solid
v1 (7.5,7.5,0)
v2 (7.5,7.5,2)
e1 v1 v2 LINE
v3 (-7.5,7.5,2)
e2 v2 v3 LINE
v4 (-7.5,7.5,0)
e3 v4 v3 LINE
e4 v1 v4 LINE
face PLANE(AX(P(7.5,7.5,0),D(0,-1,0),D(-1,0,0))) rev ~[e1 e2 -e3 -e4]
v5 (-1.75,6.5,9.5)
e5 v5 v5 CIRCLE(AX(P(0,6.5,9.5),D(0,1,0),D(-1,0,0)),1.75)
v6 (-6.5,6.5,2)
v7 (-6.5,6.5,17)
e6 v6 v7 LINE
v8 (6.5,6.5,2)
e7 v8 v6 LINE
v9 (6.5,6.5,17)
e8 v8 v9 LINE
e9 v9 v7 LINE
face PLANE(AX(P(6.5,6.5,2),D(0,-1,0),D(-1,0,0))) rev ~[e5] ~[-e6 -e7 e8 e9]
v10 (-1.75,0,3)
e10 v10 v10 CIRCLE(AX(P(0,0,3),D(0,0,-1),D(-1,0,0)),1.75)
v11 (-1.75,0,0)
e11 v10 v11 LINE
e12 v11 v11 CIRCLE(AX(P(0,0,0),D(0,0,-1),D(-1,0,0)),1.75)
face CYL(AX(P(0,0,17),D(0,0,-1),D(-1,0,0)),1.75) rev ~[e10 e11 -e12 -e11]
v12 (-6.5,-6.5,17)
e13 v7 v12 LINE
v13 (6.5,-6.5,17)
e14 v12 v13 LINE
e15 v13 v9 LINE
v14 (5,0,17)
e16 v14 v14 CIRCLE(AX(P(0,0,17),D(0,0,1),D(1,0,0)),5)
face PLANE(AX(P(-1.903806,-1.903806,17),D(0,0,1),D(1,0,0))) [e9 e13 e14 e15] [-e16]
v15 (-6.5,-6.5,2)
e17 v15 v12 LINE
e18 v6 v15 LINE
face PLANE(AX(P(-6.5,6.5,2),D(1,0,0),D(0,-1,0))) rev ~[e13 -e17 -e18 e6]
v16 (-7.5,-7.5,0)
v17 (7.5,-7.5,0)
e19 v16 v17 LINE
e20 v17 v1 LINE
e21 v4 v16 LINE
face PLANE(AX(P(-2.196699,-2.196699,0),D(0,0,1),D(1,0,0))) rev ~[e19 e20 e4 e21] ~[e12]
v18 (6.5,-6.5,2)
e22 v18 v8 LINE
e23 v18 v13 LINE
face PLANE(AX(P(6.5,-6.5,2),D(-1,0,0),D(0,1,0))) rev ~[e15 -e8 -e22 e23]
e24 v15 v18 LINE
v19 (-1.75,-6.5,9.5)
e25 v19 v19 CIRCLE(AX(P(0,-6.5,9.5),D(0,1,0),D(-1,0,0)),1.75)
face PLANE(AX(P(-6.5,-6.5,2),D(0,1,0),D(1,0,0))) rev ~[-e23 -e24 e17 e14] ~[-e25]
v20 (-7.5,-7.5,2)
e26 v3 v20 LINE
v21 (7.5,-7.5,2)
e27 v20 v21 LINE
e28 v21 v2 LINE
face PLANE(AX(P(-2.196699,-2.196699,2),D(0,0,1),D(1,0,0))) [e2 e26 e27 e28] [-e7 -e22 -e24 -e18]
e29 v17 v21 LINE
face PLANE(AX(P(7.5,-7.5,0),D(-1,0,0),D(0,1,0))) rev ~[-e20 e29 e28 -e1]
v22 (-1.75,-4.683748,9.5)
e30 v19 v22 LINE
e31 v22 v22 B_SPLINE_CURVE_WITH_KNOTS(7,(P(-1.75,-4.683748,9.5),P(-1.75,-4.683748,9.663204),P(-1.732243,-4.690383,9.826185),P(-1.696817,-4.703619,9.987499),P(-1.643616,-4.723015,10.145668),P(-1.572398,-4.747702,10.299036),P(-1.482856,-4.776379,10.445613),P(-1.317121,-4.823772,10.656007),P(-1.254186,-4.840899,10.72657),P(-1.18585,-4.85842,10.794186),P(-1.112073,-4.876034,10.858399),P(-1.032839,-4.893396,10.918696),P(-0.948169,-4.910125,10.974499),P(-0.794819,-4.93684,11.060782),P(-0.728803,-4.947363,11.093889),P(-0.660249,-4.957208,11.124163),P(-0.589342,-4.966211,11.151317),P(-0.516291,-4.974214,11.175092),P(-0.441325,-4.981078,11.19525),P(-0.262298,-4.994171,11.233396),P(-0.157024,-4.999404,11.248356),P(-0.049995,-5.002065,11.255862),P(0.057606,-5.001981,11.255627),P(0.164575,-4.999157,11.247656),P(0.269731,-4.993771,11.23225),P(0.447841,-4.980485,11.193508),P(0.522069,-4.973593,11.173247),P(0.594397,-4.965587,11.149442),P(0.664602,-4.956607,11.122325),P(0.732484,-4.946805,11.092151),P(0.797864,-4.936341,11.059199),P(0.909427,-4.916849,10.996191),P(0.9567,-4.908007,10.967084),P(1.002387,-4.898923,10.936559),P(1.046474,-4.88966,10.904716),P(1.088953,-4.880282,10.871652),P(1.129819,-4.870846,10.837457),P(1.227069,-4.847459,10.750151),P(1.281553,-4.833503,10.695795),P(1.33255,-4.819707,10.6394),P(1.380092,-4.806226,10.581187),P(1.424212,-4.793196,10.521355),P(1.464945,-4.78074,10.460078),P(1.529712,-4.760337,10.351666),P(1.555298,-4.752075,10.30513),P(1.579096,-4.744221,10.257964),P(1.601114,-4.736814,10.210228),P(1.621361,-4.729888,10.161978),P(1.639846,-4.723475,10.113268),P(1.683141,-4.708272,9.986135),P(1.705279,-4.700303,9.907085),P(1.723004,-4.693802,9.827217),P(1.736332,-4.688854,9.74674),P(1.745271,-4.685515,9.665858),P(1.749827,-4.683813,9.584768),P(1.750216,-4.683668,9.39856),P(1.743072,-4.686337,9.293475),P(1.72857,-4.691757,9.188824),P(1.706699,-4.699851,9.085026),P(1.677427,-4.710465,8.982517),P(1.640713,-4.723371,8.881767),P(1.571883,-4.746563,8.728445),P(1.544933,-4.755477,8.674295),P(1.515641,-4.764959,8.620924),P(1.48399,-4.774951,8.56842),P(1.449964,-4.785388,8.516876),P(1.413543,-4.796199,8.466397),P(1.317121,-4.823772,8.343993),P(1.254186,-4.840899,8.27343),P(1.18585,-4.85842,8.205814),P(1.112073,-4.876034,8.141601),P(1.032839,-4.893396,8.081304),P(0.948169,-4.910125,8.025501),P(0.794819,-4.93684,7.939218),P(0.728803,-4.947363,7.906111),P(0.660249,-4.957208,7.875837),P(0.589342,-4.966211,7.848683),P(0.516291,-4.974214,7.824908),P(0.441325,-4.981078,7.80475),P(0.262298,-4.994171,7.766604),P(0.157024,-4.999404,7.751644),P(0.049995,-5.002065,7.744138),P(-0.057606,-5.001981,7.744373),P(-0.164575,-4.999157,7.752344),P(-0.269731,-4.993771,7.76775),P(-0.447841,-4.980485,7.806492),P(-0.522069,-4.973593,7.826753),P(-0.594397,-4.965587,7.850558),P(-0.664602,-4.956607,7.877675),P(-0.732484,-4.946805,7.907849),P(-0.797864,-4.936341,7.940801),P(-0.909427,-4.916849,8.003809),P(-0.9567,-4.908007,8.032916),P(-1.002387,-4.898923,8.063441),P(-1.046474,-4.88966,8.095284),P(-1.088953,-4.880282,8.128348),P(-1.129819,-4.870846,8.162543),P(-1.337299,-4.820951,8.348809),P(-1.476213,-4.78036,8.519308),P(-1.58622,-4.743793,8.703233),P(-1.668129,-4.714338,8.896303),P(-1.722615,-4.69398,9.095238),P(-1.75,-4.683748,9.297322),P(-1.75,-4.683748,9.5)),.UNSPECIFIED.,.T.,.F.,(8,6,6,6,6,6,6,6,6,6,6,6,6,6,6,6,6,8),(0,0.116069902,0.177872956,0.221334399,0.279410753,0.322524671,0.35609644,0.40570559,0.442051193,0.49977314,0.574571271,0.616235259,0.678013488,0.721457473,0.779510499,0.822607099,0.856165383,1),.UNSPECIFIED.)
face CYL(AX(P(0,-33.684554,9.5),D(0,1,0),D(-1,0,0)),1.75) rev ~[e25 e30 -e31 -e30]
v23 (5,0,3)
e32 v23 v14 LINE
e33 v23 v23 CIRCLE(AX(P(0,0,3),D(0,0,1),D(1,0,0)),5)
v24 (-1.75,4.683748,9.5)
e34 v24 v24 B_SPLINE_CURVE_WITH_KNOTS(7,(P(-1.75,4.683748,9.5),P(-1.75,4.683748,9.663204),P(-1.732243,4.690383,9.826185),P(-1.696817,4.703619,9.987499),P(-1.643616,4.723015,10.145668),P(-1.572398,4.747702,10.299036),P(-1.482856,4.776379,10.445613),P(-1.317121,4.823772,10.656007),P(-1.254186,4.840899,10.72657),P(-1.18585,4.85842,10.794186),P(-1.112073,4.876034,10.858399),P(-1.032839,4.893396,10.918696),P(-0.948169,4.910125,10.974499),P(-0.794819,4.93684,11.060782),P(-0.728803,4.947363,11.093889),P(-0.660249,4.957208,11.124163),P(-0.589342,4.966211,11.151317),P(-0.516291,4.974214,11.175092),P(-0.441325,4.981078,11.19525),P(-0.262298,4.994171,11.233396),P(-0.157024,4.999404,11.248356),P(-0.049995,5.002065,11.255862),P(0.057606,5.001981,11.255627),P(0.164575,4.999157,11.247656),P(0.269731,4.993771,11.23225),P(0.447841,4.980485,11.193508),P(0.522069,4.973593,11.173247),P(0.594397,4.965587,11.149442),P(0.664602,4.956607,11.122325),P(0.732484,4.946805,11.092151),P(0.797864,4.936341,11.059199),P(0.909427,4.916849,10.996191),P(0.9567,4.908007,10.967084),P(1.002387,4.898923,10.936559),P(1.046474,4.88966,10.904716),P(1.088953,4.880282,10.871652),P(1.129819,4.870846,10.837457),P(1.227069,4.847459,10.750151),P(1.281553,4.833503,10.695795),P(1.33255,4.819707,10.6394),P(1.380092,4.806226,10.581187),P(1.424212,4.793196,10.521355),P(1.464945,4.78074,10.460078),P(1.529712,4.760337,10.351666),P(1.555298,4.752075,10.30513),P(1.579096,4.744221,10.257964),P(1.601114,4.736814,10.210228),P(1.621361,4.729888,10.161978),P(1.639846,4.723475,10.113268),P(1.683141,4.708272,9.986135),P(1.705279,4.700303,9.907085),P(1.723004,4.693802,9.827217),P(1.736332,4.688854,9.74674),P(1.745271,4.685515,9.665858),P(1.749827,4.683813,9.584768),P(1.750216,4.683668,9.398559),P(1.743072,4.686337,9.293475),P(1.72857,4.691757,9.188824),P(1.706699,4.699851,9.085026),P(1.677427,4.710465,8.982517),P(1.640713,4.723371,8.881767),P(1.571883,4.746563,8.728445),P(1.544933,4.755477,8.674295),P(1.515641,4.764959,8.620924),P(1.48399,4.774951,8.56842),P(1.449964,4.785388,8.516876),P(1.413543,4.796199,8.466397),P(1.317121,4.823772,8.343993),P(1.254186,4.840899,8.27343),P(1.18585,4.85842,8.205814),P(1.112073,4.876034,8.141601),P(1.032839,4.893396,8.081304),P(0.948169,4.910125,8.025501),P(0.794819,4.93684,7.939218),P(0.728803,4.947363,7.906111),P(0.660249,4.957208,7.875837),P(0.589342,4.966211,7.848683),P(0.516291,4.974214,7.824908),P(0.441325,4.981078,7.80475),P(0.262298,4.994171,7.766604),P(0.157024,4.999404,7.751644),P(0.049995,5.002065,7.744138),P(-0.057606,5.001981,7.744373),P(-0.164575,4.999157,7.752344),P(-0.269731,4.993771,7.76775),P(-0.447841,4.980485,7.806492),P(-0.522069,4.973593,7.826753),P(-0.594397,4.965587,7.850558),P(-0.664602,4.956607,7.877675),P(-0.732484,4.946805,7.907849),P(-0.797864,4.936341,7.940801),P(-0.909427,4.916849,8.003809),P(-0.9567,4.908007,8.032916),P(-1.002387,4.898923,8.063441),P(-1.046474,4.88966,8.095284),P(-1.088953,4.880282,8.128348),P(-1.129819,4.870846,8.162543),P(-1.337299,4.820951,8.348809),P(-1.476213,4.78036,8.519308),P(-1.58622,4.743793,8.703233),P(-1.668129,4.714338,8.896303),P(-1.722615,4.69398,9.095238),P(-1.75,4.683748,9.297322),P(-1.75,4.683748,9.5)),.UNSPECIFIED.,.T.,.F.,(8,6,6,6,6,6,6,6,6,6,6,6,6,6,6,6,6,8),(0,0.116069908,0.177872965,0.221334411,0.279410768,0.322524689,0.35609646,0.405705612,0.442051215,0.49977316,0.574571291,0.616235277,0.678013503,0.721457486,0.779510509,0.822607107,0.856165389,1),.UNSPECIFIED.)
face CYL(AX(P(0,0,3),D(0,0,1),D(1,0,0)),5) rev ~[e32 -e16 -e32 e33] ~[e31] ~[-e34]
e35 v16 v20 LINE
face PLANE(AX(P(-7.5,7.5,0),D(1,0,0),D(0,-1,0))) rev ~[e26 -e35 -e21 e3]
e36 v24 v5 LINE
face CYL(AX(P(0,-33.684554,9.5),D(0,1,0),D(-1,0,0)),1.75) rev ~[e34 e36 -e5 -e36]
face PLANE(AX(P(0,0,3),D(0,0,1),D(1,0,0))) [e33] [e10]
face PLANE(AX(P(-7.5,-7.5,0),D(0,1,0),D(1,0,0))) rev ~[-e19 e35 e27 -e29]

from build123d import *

# Parameters (mm, degrees)
F1_DEPTH       = 2
F3_DEPTH       = 15
F5_D           = 3.5
F5_CBORE_D     = 10
F5_CBORE_DEPTH = 14
F7_D           = 3.5


with BuildPart() as f1:
    # F0 (on Top) → F1 (new body)
    with BuildSketch(Plane.XY):
        Polygon((7.5, -7.5), (-7.5, 7.5), (-7.5, -7.5), align=None)
        Polygon((7.5, 7.5), (-7.5, 7.5), (7.5, -7.5), align=None)
    extrude(amount=F1_DEPTH)

    # F2 (on face) → F3 (join)
    with BuildSketch(Plane.XY.offset(2)):
        Polygon((6.5, -6.5), (-6.5, 6.5), (-6.5, -6.5), align=None)
        Polygon((6.5, 6.5), (-6.5, 6.5), (6.5, -6.5), align=None)
    extrude(amount=F3_DEPTH)

    # F5 (through all)
    with Locations(Plane.XY.offset(17)):
        with Locations((0, 0)):
            CounterBoreHole(F5_D / 2, F5_CBORE_D / 2, F5_CBORE_DEPTH)

    # F7 (through all)
    with Locations(Plane.XZ.offset(6.5)):
        with Locations((0, 9.5)):
            Hole(F7_D / 2)


solid = f1.part
